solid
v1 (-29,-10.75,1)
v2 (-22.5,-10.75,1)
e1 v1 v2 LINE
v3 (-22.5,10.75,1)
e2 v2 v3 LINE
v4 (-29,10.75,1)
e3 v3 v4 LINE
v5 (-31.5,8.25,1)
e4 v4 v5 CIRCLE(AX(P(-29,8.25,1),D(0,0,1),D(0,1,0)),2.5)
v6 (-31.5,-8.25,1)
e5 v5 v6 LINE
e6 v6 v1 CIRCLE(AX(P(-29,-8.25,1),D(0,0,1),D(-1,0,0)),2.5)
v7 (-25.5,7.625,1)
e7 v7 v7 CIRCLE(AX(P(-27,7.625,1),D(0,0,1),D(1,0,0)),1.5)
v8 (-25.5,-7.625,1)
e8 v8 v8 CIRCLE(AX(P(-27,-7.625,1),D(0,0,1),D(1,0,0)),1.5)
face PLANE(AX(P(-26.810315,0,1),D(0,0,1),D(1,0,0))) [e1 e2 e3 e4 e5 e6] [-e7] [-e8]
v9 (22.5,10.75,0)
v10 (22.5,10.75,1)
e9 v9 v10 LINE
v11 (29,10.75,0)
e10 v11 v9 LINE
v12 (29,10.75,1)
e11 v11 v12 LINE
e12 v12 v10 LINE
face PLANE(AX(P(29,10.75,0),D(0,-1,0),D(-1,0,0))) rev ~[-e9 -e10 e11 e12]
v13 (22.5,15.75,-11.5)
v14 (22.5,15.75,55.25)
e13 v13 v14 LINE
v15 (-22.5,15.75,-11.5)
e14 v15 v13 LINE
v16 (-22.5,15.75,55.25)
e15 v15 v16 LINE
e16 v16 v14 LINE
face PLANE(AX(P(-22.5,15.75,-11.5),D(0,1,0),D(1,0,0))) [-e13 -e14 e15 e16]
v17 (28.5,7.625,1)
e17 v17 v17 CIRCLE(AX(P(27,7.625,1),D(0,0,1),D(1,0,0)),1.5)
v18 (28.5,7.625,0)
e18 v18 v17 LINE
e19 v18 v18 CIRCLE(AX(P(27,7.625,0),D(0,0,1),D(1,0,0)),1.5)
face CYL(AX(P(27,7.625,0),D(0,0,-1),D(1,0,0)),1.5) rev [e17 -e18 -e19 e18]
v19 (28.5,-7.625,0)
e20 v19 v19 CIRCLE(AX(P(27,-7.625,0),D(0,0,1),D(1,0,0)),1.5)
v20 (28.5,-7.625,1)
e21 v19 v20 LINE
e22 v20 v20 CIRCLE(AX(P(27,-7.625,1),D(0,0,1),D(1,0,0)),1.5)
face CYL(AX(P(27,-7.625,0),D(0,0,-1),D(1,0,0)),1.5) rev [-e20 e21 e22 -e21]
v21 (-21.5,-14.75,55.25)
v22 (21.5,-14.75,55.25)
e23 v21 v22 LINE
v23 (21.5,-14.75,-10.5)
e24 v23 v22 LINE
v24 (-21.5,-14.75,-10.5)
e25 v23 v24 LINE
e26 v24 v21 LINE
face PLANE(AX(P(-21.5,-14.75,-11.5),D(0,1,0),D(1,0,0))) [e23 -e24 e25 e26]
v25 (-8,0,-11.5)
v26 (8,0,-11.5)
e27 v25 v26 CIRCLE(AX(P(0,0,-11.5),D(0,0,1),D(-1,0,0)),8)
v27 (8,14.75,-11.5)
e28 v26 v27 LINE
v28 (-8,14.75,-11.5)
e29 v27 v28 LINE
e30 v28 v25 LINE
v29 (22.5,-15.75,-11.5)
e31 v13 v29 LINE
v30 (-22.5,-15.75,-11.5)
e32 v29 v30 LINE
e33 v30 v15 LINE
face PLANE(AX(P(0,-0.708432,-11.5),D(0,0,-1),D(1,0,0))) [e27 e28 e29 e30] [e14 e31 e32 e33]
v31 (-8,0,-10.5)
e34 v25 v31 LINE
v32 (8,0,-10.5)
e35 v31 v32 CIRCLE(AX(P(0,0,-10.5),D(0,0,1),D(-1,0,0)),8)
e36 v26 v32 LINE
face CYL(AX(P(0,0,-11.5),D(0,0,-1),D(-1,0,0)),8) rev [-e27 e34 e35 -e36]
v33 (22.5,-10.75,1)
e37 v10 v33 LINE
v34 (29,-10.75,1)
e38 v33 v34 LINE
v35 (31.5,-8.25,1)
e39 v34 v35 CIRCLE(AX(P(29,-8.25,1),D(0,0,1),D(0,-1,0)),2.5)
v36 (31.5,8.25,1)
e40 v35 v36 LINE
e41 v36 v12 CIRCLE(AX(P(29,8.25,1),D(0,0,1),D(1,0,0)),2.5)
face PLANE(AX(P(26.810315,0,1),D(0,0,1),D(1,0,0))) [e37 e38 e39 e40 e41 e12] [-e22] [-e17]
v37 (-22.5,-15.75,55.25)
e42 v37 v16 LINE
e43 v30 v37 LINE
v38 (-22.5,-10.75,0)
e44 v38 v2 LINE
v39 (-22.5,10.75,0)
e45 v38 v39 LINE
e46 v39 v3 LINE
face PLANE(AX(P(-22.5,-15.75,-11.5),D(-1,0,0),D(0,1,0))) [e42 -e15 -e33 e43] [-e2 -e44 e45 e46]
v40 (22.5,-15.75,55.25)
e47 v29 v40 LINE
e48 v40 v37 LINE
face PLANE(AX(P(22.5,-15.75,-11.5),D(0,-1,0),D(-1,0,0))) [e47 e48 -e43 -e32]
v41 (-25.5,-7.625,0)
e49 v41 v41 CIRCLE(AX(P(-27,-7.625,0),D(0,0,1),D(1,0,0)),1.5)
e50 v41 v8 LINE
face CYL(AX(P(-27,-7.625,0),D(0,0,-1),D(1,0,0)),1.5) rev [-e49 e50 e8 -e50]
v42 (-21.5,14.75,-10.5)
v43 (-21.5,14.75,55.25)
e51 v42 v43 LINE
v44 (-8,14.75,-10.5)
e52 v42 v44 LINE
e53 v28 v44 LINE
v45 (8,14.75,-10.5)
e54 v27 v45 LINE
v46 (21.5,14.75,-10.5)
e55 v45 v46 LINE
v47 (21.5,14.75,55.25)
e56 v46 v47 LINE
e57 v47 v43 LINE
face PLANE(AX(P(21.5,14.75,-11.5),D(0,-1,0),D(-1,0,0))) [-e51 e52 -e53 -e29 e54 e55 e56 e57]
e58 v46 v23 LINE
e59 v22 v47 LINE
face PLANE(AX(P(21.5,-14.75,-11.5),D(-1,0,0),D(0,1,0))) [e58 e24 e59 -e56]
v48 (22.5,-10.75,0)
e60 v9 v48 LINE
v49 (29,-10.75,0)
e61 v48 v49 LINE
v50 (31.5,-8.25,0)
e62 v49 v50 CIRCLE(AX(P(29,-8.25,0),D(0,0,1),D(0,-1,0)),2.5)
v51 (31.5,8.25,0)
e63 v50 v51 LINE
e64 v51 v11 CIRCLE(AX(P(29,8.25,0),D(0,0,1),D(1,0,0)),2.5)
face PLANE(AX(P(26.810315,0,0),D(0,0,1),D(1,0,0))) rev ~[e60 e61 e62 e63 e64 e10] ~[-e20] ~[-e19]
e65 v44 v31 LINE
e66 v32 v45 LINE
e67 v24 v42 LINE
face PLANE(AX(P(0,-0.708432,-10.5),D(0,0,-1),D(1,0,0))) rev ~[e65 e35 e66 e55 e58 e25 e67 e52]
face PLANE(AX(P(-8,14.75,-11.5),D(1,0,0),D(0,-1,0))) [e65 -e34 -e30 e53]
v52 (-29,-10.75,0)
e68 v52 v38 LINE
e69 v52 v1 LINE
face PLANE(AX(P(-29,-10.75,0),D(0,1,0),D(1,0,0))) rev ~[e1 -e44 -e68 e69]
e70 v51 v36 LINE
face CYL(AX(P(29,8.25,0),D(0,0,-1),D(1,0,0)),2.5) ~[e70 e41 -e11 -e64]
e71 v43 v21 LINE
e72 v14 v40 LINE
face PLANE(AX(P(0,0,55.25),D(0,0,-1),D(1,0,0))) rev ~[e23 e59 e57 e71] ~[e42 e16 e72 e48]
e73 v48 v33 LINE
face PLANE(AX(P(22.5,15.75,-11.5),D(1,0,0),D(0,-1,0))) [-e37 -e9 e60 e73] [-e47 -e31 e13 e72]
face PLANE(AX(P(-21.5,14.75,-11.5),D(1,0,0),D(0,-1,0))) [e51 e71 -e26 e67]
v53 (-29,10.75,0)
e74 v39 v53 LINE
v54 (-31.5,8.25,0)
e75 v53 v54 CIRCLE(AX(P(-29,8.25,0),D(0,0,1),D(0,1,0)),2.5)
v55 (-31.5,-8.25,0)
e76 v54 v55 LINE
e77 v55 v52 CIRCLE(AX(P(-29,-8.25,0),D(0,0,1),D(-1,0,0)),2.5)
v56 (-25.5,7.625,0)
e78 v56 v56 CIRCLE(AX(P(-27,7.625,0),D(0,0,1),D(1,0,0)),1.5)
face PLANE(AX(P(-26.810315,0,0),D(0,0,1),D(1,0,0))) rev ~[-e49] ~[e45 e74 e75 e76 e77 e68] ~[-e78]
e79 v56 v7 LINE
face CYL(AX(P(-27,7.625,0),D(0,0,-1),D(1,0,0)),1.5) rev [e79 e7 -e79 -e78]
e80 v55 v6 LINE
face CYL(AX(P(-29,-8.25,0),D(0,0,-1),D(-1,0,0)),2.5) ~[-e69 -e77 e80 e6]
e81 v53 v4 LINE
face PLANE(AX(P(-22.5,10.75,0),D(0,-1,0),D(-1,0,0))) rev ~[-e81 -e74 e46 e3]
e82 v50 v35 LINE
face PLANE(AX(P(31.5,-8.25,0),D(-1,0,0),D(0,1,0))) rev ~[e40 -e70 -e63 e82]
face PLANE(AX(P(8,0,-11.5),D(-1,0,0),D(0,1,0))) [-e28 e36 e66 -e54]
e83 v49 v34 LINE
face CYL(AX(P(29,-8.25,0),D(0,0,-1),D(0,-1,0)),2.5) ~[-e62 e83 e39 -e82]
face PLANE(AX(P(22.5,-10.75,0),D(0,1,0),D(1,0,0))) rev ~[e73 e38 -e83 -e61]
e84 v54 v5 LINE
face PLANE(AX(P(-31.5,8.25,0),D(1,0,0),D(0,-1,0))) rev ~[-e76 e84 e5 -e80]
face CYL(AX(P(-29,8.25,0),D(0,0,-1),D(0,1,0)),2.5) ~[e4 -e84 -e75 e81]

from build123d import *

# Parameters (mm, degrees)
F0_R     = 1.5
F1_DEPTH = 1
F4_DEPTH = 66.75
F5_DEPTH = 1


with BuildPart() as f1:
    # F0 (on Top) → F1 (new body)
    with BuildSketch(Plane.XY):
        with BuildLine():
            ThreePointArc((-29, 10.75), (-30.767766953, 10.017766953), (-31.5, 8.25))
            Line((-31.5, 8.25), (-31.5, -8.25))
            ThreePointArc((-31.5, -8.25), (-30.767766953, -10.017766953), (-29, -10.75))
            Line((-29, -10.75), (-22.5, -10.75))
            Line((-22.5, -10.75), (-22.5, 10.75))
            Line((-22.5, 10.75), (-29, 10.75))
        make_face()
        with Locations((-27, -7.625)):
            Circle(F0_R, mode=Mode.SUBTRACT)
        with Locations((-27, 7.625)):
            Circle(F0_R, mode=Mode.SUBTRACT)
    extrude(amount=F1_DEPTH)



with BuildPart() as f1b:
    # F0 (on Top) → F1, piece 2 (new body)
    with BuildSketch(Plane.XY):
        with BuildLine():
            Line((29, 10.75), (22.5, 10.75))
            Line((22.5, 10.75), (22.5, -10.75))
            Line((22.5, -10.75), (29, -10.75))
            ThreePointArc((29, -10.75), (30.767766953, -10.017766953), (31.5, -8.25))
            Line((31.5, -8.25), (31.5, 8.25))
            ThreePointArc((31.5, 8.25), (30.767766953, 10.017766953), (29, 10.75))
        make_face()
        with Locations((27, -7.625)):
            Circle(F0_R, mode=Mode.SUBTRACT)
        with Locations((27, 7.625)):
            Circle(F0_R, mode=Mode.SUBTRACT)
    extrude(amount=F1_DEPTH)


with BuildPart() as f1_1:
    add(f1.part)

    add(f1b.part)  # F4 merges F1b
    # F3 (on offset) → F4 (join)
    with BuildSketch(Plane(origin=(0, 0, -11.5), x_dir=(1, 0, 0), z_dir=(0, 0, -1))):
        Polygon((-22.5, 10.75), (-22.5, -10.75), (-22.5, -15.75), (22.5, -15.75), (22.5, -10.75), (22.5, 10.75), (22.5, 15.75), (-22.5, 15.75), align=None)
        Polygon((-21.5, -14.75), (-21.5, -10.75), (-21.5, 10.75), (-21.5, 14.75), (21.5, 14.75), (21.5, 10.75), (21.5, -10.75), (21.5, -14.75), (8, -14.75), (-8, -14.75), align=None, mode=Mode.SUBTRACT)
    extrude(amount=-F4_DEPTH)

    # F3 (on offset) → F5 (join)
    with BuildSketch(Plane(origin=(0, 0, -11.5), x_dir=(1, 0, 0), z_dir=(0, 0, -1))):
        with BuildLine():
            Line((-21.5, 10.75), (-21.5, -10.75))
            Line((-21.5, -10.75), (-21.5, -14.75))
            Line((-21.5, -14.75), (-8, -14.75))
            Line((-8, -14.75), (-8, 0))
            ThreePointArc((-8, 0), (0, 8), (8, 0))
            Line((8, 0), (8, -14.75))
            Line((8, -14.75), (21.5, -14.75))
            Line((21.5, -14.75), (21.5, -10.75))
            Line((21.5, -10.75), (21.5, 10.75))
            Line((21.5, 10.75), (21.5, 14.75))
            Line((21.5, 14.75), (-21.5, 14.75))
            Line((-21.5, 14.75), (-21.5, 10.75))
        make_face()
    extrude(amount=-F5_DEPTH)


solid = f1_1.part
